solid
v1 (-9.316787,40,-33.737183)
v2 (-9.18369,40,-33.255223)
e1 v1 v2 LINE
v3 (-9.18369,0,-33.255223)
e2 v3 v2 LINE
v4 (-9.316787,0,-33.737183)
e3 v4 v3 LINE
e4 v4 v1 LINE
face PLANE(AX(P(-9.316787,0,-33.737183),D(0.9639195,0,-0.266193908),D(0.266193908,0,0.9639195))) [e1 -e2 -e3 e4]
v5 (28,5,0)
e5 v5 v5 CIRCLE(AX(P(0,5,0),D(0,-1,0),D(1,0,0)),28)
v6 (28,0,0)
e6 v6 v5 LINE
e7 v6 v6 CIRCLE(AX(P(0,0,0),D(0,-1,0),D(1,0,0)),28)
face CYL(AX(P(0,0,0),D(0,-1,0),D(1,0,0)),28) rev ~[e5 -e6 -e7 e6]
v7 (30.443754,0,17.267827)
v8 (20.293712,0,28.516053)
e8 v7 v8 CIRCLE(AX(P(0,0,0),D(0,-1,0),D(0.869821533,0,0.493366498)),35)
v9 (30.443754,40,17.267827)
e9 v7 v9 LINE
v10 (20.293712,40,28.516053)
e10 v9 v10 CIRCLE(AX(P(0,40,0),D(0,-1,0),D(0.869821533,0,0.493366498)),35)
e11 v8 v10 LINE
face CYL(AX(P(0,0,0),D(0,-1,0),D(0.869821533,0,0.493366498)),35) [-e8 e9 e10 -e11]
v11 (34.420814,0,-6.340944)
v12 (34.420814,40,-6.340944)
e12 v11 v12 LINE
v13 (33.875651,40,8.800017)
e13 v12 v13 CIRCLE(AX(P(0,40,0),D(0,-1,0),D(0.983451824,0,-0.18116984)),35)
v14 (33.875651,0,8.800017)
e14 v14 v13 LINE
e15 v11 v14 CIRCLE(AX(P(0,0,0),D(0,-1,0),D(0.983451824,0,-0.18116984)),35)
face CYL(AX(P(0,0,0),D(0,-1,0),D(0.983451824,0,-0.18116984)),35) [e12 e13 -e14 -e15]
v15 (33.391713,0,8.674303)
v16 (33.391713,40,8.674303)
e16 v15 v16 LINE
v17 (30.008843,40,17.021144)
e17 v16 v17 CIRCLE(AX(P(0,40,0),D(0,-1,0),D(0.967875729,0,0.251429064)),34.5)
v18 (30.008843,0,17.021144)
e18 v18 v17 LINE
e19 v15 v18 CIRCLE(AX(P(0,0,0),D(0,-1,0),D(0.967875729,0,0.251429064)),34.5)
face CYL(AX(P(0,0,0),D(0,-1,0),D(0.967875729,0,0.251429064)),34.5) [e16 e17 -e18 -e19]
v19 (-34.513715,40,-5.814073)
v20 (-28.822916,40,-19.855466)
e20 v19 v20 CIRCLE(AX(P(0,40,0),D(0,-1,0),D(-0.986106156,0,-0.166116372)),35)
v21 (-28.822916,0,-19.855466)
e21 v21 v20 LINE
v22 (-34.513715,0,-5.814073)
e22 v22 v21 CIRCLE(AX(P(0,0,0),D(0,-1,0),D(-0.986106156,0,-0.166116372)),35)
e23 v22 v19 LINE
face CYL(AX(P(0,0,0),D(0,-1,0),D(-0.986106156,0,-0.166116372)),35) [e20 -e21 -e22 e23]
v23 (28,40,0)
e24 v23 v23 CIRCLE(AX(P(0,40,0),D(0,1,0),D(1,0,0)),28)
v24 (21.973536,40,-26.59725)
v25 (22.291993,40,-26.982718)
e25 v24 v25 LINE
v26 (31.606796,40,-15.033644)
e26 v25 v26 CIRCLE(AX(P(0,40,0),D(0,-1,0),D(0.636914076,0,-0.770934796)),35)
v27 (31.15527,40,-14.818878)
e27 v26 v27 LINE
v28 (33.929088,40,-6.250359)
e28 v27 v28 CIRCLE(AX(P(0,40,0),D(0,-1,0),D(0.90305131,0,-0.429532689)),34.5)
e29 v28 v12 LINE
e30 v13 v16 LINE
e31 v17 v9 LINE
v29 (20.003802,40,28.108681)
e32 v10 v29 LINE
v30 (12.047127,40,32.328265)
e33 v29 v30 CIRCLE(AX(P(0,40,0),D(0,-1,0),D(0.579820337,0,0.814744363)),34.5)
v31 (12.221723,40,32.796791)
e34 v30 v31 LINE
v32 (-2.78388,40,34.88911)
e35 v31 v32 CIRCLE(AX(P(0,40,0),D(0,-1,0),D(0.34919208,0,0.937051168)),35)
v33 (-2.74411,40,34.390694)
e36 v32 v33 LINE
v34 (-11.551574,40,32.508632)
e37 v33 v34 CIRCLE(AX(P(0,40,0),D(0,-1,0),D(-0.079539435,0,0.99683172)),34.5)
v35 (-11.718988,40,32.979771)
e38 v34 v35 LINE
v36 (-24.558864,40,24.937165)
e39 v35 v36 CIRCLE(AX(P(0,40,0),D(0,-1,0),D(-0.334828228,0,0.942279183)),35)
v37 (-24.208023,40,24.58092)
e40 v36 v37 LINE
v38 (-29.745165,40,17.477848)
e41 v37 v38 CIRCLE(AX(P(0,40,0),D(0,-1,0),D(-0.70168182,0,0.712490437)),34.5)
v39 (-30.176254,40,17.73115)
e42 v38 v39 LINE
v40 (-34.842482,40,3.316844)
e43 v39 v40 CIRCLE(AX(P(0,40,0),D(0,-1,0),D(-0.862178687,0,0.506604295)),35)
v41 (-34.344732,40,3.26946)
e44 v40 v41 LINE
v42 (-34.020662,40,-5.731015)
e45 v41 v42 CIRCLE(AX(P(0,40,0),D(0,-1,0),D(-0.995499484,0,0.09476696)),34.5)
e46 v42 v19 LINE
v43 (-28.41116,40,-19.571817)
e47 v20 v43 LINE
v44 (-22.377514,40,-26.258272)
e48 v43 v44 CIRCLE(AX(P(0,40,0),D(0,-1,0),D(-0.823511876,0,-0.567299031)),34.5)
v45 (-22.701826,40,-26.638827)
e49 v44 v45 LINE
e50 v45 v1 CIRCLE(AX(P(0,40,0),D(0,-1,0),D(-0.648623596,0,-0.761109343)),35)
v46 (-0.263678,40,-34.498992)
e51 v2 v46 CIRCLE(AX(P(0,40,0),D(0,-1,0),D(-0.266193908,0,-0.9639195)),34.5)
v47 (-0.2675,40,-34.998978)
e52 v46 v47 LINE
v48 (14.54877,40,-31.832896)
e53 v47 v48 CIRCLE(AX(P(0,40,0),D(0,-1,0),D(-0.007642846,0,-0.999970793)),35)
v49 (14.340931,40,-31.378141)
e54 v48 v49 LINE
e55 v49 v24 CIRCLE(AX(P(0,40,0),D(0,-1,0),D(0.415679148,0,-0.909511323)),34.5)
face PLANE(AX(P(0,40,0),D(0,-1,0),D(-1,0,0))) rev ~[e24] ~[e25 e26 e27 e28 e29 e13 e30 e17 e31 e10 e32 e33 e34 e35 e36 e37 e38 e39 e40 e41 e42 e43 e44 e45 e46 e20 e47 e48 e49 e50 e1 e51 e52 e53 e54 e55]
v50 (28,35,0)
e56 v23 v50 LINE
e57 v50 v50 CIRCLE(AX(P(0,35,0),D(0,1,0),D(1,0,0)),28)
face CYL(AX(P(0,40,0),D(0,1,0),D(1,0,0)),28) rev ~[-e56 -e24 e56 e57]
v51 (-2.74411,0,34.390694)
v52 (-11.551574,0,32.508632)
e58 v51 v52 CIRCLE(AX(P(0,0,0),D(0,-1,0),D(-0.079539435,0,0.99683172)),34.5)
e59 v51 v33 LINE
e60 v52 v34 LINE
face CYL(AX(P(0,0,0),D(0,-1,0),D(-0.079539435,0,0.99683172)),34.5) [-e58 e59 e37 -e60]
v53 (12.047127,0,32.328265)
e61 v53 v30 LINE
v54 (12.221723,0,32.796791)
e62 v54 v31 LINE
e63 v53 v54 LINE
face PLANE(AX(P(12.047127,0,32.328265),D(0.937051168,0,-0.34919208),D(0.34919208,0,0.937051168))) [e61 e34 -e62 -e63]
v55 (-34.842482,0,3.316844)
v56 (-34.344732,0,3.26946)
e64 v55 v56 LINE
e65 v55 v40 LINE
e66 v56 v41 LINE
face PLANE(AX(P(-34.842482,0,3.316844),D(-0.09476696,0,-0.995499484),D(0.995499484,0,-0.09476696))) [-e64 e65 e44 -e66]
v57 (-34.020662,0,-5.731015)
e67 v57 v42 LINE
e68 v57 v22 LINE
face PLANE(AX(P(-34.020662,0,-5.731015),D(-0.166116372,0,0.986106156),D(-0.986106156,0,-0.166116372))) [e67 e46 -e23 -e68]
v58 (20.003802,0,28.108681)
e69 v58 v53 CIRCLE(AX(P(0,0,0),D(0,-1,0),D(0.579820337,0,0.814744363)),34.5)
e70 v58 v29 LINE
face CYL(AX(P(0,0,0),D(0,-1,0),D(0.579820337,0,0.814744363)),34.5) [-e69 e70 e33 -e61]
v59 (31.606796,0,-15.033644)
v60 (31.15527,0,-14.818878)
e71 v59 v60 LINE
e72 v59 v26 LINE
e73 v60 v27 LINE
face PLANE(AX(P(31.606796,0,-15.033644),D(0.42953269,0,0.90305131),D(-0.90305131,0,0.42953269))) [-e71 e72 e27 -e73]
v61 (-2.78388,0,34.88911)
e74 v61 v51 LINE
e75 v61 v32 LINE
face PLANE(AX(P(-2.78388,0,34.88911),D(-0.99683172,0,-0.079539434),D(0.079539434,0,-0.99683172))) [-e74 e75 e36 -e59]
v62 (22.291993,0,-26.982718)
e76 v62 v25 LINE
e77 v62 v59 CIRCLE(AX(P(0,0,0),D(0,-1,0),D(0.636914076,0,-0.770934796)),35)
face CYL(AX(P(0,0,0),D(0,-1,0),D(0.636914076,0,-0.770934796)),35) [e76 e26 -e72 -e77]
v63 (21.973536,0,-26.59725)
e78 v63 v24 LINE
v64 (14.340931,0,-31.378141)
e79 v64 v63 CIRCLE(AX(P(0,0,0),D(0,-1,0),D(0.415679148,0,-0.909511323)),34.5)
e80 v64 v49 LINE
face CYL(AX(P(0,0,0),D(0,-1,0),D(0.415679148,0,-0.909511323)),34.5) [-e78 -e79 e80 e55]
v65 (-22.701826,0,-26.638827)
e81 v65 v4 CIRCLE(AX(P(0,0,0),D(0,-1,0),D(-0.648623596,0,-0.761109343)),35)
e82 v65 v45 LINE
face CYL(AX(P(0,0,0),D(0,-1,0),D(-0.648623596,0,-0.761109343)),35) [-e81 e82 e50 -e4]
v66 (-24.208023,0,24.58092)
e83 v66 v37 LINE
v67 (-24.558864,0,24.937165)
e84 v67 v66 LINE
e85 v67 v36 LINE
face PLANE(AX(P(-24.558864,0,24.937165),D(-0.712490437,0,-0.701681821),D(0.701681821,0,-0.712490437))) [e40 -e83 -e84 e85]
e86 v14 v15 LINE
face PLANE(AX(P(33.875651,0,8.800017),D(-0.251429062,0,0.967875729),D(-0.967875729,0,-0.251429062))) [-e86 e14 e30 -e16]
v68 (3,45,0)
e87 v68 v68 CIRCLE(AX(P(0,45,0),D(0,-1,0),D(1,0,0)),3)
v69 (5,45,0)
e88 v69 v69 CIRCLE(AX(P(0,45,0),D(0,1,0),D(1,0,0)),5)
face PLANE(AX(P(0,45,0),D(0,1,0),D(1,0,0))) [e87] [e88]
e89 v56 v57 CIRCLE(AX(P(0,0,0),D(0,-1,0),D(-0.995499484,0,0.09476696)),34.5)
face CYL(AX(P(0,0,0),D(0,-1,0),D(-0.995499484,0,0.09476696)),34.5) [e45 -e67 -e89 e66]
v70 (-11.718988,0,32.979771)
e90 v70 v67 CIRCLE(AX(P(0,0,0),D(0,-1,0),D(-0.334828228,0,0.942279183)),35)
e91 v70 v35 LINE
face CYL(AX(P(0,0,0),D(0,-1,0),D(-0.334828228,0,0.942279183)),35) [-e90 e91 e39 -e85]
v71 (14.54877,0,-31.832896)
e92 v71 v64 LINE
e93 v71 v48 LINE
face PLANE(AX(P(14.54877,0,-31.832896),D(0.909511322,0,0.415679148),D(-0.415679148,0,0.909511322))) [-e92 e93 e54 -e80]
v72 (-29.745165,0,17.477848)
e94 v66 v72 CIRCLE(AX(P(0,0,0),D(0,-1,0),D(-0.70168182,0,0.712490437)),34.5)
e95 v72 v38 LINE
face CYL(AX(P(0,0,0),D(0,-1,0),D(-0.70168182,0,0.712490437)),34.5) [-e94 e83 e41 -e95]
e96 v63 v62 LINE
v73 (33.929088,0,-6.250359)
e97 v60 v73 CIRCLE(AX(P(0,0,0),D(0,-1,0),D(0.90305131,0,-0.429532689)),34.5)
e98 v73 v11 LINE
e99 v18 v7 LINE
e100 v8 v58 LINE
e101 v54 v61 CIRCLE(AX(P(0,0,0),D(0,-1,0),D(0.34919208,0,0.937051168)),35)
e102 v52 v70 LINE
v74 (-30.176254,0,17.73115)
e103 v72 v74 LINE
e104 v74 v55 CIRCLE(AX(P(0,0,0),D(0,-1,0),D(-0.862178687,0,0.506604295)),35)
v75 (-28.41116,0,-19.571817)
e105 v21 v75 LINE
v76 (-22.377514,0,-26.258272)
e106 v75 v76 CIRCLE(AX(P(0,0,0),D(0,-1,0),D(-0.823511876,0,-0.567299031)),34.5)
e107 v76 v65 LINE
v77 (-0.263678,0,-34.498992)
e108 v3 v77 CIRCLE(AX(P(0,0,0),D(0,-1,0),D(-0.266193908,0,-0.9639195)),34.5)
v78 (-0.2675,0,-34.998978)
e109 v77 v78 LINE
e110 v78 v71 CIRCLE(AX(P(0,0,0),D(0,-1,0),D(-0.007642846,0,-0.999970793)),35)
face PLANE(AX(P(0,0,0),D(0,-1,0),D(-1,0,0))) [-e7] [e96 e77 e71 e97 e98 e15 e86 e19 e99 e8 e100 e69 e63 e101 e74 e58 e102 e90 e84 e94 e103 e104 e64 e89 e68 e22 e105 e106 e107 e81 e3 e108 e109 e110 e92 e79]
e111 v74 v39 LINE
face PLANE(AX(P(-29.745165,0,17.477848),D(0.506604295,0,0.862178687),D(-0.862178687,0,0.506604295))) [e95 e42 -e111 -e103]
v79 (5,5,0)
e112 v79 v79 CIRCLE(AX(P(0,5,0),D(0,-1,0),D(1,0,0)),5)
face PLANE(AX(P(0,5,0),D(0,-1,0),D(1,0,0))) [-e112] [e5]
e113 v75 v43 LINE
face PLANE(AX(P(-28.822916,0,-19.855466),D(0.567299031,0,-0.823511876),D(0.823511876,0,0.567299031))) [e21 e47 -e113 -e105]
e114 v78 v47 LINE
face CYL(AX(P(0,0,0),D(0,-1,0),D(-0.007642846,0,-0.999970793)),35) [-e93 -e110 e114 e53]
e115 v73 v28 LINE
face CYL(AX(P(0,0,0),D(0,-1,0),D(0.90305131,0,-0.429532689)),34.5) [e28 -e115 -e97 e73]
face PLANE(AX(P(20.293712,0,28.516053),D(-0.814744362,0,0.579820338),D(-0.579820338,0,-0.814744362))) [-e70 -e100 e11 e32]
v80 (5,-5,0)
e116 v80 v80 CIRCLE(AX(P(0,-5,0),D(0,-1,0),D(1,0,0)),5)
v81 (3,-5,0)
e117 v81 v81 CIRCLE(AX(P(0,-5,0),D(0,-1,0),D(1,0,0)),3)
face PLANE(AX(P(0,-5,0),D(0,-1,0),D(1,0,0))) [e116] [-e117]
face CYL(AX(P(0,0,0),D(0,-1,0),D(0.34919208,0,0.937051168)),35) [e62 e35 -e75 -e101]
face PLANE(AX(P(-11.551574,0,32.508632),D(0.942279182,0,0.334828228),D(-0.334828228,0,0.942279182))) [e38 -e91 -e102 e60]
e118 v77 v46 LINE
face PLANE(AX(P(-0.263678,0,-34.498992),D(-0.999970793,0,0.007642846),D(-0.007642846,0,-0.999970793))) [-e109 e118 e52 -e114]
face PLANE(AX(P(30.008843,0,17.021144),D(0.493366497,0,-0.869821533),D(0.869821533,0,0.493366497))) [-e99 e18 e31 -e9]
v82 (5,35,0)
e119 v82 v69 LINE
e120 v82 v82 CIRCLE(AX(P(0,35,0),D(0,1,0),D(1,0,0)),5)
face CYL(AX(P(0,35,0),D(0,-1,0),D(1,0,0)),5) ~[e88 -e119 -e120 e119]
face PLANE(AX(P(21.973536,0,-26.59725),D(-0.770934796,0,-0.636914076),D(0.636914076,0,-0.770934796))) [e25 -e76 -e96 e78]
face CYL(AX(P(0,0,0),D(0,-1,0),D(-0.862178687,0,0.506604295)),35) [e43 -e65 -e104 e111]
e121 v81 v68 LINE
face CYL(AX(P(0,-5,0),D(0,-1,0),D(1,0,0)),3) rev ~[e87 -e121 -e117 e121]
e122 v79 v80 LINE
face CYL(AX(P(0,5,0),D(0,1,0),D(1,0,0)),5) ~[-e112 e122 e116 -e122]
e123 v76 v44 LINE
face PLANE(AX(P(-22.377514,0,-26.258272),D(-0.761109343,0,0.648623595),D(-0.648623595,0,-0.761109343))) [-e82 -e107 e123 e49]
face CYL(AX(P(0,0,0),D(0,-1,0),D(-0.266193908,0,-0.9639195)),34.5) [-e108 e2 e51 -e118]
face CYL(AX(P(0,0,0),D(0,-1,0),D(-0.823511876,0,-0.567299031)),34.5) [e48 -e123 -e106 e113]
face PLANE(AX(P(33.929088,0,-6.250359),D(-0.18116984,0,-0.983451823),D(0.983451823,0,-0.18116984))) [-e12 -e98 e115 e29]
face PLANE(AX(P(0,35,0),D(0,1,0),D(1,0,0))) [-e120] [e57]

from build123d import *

# Parameters (mm, degrees)
BOSS_EXTRUDE1_DEPTH = 40
SKETCH2_R           = 28
CUT_EXTRUDE1_DEPTH  = 5
SKETCH3_R           = 28
CUT_EXTRUDE2_DEPTH  = 5
SKETCH4_R           = 5
BOSS_EXTRUDE2_DEPTH = 10
SKETCH5_R           = 5
BOSS_EXTRUDE3_DEPTH = 10
SKETCH6_R           = 3
CUT_EXTRUDE3_DEPTH  = 51


with BuildPart() as part:
    # Sketch1 → Boss-Extrude1 (new body)
    with BuildSketch(Plane(origin=(0, 0, 0), x_dir=(1, 0, 0), z_dir=(0, 1, 0))):
        with BuildLine():
            Line((-9.316786783, 33.737182515), (-9.183689829, 33.255222765))
            ThreePointArc((-9.183689829, 33.255222765), (-4.764444491, 34.169431788), (-0.263678186, 34.498992359))
            Line((-0.263678186, 34.498992359), (-0.267499609, 34.998977756))
            ThreePointArc((-0.267499609, 34.998977756), (7.314006433, 34.227259749), (14.548770163, 31.832896298))
            Line((14.548770163, 31.832896298), (14.340930589, 31.378140637))
            ThreePointArc((14.340930589, 31.378140637), (18.313911156, 29.237829231), (21.973535626, 26.597250461))
            Line((21.973535626, 26.597250461), (22.291992664, 26.982717859))
            ThreePointArc((22.291992664, 26.982717859), (27.603712465, 21.518249421), (31.606795859, 15.033644121))
            Line((31.606795859, 15.033644121), (31.155270204, 14.818877776))
            ThreePointArc((31.155270204, 14.818877776), (32.822984237, 10.625521435), (33.92908791, 6.250359477))
            Line((33.92908791, 6.250359477), (34.420813822, 6.340944397))
            ThreePointArc((34.420813822, 6.340944397), (34.977334653, -1.259388959), (33.875650502, -8.800017221))
            Line((33.875650502, -8.800017221), (33.391712637, -8.67430269))
            ThreePointArc((33.391712637, -8.67430269), (31.973818206, -12.95858593), (30.008842881, -17.021144172))
            Line((30.008842881, -17.021144172), (30.443753648, -17.267827421))
            ThreePointArc((30.443753648, -17.267827421), (25.984673227, -23.447745249), (20.293711789, -28.516052704))
            Line((20.293711789, -28.516052704), (20.00380162, -28.108680523))
            ThreePointArc((20.00380162, -28.108680523), (16.163747288, -30.47922692), (12.047126757, -32.328265294))
            Line((12.047126757, -32.328265294), (12.221722797, -32.796790878))
            ThreePointArc((12.221722797, -32.796790878), (4.833494411, -34.664640944), (-2.783880209, -34.889110206))
            Line((-2.783880209, -34.889110206), (-2.744110492, -34.390694346))
            ThreePointArc((-2.744110492, -34.390694346), (-7.209520627, -33.738298895), (-11.551573865, -32.508631796))
            Line((-11.551573865, -32.508631796), (-11.718987979, -32.979771387))
            ThreePointArc((-11.718987979, -32.979771387), (-18.579330159, -29.661565887), (-24.558863718, -24.937165293))
            Line((-24.558863718, -24.937165293), (-24.208022808, -24.580920075))
            ThreePointArc((-24.208022808, -24.580920075), (-27.209373716, -21.210845858), (-29.745164695, -17.477848187))
            Line((-29.745164695, -17.477848187), (-30.176254039, -17.731150335))
            ThreePointArc((-30.176254039, -17.731150335), (-33.298679661, -10.7795145), (-34.842481952, -3.316843594))
            Line((-34.842481952, -3.316843594), (-34.34473221, -3.269460114))
            ThreePointArc((-34.34473221, -3.269460114), (-34.477658444, 1.241397688), (-34.020662383, 5.731014832))
            Line((-34.020662383, 5.731014832), (-34.513715461, 5.814073018))
            ThreePointArc((-34.513715461, 5.814073018), (-32.437206876, 13.146391523), (-28.822915649, 19.855466085))
            Line((-28.822915649, 19.855466085), (-28.411159712, 19.57181657))
            ThreePointArc((-28.411159712, 19.57181657), (-25.61346361, 23.11277746), (-22.377514045, 26.258272319))
            Line((-22.377514045, 26.258272319), (-22.701825842, 26.63882699))
            ThreePointArc((-22.701825842, 26.63882699), (-16.398004495, 30.920954846), (-9.316786783, 33.737182515))
        make_face()
    extrude(amount=BOSS_EXTRUDE1_DEPTH)

    # Sketch2 → Cut-Extrude1 (cut)
    with BuildSketch(Plane(origin=(0, 40, 0), x_dir=(1, 0, 0), z_dir=(0, 1, 0))):
        Circle(SKETCH2_R)
    extrude(amount=-CUT_EXTRUDE1_DEPTH, mode=Mode.SUBTRACT)

    # Sketch3 → Cut-Extrude2 (cut)
    with BuildSketch(Plane.XZ):
        Circle(SKETCH3_R)
    extrude(amount=-CUT_EXTRUDE2_DEPTH, mode=Mode.SUBTRACT)

    # Sketch4 → Boss-Extrude2 (add)
    with BuildSketch(Plane(origin=(0, 35, 0), x_dir=(1, 0, 0), z_dir=(0, 1, 0))):
        Circle(SKETCH4_R)
    extrude(amount=BOSS_EXTRUDE2_DEPTH)

    # Sketch5 → Boss-Extrude3 (add)
    with BuildSketch(Plane.XZ.offset(-5)):
        Circle(SKETCH5_R)
    extrude(amount=BOSS_EXTRUDE3_DEPTH)

    # Sketch6 → Cut-Extrude3 (cut, through all)
    with BuildSketch(Plane.XZ.offset(5)):
        Circle(SKETCH6_R)
    extrude(amount=-CUT_EXTRUDE3_DEPTH, mode=Mode.SUBTRACT)


solid = part.part
